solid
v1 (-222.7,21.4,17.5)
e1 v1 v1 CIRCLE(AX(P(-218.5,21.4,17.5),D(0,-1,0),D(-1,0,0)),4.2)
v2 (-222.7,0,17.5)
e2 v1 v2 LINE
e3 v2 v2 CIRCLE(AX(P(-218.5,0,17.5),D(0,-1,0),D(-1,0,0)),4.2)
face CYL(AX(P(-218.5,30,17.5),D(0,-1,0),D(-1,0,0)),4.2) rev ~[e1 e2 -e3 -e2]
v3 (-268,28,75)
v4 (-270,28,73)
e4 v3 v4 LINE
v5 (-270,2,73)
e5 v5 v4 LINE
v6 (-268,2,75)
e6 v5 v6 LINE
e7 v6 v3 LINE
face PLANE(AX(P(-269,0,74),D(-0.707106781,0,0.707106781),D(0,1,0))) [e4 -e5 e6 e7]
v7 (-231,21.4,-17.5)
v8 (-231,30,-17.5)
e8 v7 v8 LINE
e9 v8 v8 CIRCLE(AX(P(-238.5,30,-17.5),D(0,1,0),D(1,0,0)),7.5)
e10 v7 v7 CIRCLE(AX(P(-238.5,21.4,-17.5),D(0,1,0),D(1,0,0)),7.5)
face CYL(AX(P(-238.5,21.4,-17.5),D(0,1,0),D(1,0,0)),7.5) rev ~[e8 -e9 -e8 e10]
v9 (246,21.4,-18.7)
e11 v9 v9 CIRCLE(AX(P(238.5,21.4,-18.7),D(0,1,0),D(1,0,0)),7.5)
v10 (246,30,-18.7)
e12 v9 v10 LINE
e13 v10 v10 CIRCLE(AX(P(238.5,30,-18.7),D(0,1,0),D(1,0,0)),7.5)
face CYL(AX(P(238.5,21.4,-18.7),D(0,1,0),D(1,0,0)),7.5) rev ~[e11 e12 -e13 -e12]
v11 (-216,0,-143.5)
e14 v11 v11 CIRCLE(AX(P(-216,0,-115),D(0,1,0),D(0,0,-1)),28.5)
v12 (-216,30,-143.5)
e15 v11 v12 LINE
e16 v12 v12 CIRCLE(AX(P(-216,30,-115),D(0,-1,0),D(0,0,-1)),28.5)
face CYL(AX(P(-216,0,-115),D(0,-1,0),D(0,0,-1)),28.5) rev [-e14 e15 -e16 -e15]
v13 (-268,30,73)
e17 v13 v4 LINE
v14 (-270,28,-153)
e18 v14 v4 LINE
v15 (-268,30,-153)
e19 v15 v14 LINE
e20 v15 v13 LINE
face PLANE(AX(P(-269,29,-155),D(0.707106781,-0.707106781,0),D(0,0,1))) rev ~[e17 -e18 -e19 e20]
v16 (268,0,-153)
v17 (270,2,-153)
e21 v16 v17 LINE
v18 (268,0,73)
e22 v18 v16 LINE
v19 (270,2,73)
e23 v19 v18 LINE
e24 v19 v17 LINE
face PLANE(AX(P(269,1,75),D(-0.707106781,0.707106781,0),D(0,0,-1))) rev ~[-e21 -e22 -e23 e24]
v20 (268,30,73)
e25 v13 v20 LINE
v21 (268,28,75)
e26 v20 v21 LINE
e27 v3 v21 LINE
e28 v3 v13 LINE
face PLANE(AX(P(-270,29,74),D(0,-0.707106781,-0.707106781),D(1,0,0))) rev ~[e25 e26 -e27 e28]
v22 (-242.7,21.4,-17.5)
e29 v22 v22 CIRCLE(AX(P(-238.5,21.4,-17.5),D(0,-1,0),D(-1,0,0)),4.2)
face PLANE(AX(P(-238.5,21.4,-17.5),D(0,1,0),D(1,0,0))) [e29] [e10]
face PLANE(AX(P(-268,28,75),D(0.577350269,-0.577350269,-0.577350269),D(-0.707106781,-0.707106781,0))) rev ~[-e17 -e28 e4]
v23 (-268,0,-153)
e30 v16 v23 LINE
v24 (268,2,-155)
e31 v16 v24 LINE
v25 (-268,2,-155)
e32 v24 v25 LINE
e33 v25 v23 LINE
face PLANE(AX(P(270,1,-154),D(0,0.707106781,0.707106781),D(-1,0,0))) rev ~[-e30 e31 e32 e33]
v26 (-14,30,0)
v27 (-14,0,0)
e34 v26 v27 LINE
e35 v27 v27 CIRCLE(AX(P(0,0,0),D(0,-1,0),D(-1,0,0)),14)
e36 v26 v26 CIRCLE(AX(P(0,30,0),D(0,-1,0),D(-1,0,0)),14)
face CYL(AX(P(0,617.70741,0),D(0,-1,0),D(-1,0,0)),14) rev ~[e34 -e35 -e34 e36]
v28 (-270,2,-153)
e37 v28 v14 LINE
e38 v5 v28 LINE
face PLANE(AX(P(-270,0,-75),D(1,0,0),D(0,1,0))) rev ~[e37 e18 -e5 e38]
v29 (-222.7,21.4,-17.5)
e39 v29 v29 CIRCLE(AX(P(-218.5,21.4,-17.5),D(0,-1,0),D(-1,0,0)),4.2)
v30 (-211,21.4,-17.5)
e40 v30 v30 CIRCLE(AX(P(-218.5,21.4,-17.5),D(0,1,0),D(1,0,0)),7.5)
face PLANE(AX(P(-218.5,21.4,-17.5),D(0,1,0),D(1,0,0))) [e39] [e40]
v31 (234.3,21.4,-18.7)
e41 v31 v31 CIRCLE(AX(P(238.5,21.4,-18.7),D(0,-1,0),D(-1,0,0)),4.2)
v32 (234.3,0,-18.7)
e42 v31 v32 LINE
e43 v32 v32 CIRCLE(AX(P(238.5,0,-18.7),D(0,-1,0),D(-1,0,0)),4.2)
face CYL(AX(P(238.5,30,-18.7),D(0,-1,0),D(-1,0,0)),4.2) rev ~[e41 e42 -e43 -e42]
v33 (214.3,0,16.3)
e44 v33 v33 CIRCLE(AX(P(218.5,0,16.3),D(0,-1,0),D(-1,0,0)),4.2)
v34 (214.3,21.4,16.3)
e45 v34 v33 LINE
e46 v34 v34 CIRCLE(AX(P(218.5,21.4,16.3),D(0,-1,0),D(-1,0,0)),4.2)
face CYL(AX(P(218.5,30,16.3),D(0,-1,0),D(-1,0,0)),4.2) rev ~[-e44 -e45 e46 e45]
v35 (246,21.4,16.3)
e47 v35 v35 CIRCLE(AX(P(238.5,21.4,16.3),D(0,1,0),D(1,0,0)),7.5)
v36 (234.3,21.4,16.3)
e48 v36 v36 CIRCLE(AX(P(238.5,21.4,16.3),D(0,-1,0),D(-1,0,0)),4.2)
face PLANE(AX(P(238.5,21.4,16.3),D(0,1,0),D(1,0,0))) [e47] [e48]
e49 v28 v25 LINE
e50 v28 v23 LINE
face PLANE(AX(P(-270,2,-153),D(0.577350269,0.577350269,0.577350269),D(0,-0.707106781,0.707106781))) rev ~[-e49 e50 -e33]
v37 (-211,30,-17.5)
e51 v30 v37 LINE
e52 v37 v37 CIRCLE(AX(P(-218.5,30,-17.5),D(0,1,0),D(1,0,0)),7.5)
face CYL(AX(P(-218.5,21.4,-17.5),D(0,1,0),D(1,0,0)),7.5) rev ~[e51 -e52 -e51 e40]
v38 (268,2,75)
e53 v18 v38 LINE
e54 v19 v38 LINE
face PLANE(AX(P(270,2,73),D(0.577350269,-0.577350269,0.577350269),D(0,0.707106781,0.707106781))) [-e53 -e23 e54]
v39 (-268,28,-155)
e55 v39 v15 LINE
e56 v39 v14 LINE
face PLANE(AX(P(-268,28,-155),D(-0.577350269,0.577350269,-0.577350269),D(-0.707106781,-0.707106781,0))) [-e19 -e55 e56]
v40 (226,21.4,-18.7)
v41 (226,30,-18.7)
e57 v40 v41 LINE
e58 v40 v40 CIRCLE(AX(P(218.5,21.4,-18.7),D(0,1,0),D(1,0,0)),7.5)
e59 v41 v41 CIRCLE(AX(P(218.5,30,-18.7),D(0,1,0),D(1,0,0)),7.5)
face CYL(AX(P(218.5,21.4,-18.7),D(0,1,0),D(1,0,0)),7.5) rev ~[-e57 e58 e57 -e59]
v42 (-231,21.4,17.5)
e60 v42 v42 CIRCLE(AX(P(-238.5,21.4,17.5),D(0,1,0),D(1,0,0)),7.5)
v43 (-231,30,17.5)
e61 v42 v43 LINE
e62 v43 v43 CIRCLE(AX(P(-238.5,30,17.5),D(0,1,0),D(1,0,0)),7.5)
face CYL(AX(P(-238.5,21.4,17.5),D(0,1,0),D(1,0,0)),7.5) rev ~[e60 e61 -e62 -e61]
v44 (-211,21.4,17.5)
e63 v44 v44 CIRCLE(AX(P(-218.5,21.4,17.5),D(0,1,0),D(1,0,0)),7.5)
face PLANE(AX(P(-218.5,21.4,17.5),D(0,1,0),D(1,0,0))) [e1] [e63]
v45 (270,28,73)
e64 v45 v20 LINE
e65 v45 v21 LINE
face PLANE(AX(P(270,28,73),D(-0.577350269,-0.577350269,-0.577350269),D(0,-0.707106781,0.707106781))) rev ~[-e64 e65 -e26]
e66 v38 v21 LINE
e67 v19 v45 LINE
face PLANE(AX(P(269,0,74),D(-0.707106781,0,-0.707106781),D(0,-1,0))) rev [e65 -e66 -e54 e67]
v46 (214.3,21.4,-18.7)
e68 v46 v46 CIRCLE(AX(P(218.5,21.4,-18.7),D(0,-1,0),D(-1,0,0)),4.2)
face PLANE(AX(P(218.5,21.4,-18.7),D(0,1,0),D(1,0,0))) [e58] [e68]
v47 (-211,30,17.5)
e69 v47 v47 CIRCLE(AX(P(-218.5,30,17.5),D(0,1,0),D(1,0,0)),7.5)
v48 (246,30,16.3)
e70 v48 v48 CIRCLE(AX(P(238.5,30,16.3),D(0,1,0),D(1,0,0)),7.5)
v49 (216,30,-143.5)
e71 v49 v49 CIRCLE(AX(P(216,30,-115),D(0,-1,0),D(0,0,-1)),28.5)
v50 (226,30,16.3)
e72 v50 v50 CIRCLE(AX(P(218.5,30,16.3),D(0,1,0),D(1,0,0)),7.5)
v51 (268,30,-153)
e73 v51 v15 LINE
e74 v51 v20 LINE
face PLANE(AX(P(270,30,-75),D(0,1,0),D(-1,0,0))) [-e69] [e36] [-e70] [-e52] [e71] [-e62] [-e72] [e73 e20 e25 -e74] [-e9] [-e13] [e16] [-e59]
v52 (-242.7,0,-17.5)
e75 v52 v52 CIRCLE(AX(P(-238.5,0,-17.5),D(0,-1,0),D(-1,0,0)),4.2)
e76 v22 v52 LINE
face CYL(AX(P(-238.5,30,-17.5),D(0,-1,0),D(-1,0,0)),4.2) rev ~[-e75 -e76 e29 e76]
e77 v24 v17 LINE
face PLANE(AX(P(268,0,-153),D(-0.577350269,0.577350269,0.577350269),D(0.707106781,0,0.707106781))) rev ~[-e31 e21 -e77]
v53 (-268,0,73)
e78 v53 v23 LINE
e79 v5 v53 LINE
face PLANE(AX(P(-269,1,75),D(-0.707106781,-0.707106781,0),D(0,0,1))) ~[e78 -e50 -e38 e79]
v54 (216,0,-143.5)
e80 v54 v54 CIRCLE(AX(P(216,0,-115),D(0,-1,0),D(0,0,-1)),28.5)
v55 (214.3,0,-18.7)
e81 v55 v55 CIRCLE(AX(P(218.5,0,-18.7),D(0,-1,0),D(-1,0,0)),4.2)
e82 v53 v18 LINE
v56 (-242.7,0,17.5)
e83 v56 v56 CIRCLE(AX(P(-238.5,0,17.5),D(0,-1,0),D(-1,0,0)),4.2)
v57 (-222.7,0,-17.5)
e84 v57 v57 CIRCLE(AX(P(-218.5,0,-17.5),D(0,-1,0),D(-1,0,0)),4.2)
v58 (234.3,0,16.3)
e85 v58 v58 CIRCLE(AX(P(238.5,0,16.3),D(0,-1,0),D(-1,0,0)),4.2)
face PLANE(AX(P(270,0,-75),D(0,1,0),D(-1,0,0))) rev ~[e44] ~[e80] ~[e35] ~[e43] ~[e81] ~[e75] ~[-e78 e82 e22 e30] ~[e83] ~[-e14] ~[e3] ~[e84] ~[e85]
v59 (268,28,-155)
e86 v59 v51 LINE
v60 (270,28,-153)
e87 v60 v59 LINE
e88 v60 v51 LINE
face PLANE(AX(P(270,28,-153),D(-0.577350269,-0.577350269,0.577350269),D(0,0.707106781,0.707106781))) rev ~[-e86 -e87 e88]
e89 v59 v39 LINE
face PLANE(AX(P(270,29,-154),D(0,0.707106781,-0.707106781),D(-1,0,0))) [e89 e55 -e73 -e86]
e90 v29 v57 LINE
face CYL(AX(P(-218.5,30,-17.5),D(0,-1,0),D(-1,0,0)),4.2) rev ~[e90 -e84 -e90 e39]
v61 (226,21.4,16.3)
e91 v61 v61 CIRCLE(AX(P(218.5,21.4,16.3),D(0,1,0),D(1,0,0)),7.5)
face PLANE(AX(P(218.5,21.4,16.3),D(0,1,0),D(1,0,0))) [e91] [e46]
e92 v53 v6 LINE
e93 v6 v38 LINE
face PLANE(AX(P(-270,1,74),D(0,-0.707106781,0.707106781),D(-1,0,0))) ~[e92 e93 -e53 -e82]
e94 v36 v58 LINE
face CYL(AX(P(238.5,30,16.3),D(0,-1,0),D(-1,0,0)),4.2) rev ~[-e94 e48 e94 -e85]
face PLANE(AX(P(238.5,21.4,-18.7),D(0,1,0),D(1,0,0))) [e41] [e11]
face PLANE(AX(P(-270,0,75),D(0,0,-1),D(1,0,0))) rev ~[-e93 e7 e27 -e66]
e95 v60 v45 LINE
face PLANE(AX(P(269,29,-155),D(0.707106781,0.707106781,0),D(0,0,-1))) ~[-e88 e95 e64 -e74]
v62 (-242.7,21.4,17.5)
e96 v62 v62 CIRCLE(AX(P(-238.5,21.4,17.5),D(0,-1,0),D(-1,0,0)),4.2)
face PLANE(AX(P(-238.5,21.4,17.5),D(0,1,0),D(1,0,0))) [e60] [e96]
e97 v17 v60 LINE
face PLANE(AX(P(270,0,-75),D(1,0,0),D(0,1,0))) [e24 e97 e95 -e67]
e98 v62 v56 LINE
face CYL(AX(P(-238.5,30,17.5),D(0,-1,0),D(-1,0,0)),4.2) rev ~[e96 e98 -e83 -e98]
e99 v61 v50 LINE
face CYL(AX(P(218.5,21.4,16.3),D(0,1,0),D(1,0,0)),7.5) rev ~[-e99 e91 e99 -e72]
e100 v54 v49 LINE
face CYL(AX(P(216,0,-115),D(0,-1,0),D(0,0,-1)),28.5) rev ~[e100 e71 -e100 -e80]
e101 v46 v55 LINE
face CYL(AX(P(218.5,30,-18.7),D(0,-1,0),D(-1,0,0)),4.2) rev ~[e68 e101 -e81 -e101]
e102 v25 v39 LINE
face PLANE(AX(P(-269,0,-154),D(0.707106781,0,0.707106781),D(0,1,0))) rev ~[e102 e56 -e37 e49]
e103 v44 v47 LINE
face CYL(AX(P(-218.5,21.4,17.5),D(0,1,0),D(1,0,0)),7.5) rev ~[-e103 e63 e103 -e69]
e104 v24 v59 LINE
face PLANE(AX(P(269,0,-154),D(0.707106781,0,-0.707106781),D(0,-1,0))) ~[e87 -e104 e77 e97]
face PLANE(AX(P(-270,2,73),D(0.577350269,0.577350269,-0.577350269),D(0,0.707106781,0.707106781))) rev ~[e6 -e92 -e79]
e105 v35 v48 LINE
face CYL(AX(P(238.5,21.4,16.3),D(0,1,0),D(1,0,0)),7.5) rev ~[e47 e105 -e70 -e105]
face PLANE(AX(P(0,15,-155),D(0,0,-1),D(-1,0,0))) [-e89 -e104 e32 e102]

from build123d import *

# Parameters (mm, degrees)
SKETCH2_W                                           = 540
SKETCH2_H                                           = 150
BOSS_EXTRUDE1_DEPTH                                 = 30
SKETCH3_W                                           = 540
SKETCH3_H                                           = 30
BOSS_EXTRUDE2_DEPTH                                 = 80
SKETCH6_R                                           = 28.5
CUT_EXTRUDE1_DEPTH                                  = 313.769883461
CHAMFER1_SIZE                                       = 2
M30X2_0_TAPPED_HOLE1_D                              = 28
CBORE_FOR_M8_HEX_SOCKET_HEAD_CAP_SCREW1_D           = 8.4
CBORE_FOR_M8_HEX_SOCKET_HEAD_CAP_SCREW1_CBORE_D     = 15
CBORE_FOR_M8_HEX_SOCKET_HEAD_CAP_SCREW1_CBORE_DEPTH = 8.6


with BuildPart() as part:
    # Sketch2 → Boss-Extrude1 (new body)
    with BuildSketch(Plane(origin=(0, 0, 0), x_dir=(1, 0, 0), z_dir=(0, 1, 0))):
        Rectangle(SKETCH2_W, SKETCH2_H)
    extrude(amount=BOSS_EXTRUDE1_DEPTH)

    # Sketch3 → Boss-Extrude2 (add)
    with BuildSketch(Plane(origin=(0, 0, -75), x_dir=(-1, 0, 0), z_dir=(0, 0, -1))):
        with Locations((0, 15)):
            Rectangle(SKETCH3_W, SKETCH3_H)
    extrude(amount=BOSS_EXTRUDE2_DEPTH)

    # Sketch6 → Cut-Extrude1 (cut, through all)
    with BuildSketch(Plane(origin=(0, 0, 0), x_dir=(-1, 0, 0), z_dir=(0, -1, 0))):
        with Locations(Location((-216, 115, 0), (0, 0, 90))):
            Circle(SKETCH6_R)
    cut_extrude1 = extrude(amount=-CUT_EXTRUDE1_DEPTH, mode=Mode.SUBTRACT)

    # Mirror1: Cut-Extrude1 across plane
    add(cut_extrude1.mirror(Plane(origin=(0, 0, 0), x_dir=(0, 0, 1), z_dir=(1, 0, 0))), mode=Mode.SUBTRACT)

    # Chamfer1
    chamfer1_edges = [part.edges().sort_by_distance(p)[0] for p in [
        (-270, 30, -40),
        (0, 30, -155),
        (270, 15, -155),
        (0, 0, -155),
        (0, 30, 75),
        (-270, 15, -155),
        (270, 30, -40),
        (0, 0, 75),
        (-270, 0, -40),
        (270, 0, -40),
        (270, 15, 75),
        (-270, 15, 75),
    ]]
    chamfer(chamfer1_edges, length=CHAMFER1_SIZE)

    # M30x2.0 Tapped Hole1 (through all)
    with Locations(Plane(origin=(0, 30, 0), x_dir=(1, 0, 0), z_dir=(0, 1, 0))):
        with Locations((0, 0)):
            Hole(M30X2_0_TAPPED_HOLE1_D / 2)

    # CBORE for M8 Hex Socket Head Cap Screw1 (through all)
    with Locations(Plane(origin=(0, 30, 0), x_dir=(1, 0, 0), z_dir=(0, 1, 0))):
        with Locations((-238.5, 17.5), (-218.5, 17.5), (-238.5, -17.5), (-218.5, -17.5), (218.5, 18.7), (238.5, 18.7), (218.5, -16.3), (238.5, -16.3)):
            CounterBoreHole(CBORE_FOR_M8_HEX_SOCKET_HEAD_CAP_SCREW1_D / 2, CBORE_FOR_M8_HEX_SOCKET_HEAD_CAP_SCREW1_CBORE_D / 2, CBORE_FOR_M8_HEX_SOCKET_HEAD_CAP_SCREW1_CBORE_DEPTH)


solid = part.part
